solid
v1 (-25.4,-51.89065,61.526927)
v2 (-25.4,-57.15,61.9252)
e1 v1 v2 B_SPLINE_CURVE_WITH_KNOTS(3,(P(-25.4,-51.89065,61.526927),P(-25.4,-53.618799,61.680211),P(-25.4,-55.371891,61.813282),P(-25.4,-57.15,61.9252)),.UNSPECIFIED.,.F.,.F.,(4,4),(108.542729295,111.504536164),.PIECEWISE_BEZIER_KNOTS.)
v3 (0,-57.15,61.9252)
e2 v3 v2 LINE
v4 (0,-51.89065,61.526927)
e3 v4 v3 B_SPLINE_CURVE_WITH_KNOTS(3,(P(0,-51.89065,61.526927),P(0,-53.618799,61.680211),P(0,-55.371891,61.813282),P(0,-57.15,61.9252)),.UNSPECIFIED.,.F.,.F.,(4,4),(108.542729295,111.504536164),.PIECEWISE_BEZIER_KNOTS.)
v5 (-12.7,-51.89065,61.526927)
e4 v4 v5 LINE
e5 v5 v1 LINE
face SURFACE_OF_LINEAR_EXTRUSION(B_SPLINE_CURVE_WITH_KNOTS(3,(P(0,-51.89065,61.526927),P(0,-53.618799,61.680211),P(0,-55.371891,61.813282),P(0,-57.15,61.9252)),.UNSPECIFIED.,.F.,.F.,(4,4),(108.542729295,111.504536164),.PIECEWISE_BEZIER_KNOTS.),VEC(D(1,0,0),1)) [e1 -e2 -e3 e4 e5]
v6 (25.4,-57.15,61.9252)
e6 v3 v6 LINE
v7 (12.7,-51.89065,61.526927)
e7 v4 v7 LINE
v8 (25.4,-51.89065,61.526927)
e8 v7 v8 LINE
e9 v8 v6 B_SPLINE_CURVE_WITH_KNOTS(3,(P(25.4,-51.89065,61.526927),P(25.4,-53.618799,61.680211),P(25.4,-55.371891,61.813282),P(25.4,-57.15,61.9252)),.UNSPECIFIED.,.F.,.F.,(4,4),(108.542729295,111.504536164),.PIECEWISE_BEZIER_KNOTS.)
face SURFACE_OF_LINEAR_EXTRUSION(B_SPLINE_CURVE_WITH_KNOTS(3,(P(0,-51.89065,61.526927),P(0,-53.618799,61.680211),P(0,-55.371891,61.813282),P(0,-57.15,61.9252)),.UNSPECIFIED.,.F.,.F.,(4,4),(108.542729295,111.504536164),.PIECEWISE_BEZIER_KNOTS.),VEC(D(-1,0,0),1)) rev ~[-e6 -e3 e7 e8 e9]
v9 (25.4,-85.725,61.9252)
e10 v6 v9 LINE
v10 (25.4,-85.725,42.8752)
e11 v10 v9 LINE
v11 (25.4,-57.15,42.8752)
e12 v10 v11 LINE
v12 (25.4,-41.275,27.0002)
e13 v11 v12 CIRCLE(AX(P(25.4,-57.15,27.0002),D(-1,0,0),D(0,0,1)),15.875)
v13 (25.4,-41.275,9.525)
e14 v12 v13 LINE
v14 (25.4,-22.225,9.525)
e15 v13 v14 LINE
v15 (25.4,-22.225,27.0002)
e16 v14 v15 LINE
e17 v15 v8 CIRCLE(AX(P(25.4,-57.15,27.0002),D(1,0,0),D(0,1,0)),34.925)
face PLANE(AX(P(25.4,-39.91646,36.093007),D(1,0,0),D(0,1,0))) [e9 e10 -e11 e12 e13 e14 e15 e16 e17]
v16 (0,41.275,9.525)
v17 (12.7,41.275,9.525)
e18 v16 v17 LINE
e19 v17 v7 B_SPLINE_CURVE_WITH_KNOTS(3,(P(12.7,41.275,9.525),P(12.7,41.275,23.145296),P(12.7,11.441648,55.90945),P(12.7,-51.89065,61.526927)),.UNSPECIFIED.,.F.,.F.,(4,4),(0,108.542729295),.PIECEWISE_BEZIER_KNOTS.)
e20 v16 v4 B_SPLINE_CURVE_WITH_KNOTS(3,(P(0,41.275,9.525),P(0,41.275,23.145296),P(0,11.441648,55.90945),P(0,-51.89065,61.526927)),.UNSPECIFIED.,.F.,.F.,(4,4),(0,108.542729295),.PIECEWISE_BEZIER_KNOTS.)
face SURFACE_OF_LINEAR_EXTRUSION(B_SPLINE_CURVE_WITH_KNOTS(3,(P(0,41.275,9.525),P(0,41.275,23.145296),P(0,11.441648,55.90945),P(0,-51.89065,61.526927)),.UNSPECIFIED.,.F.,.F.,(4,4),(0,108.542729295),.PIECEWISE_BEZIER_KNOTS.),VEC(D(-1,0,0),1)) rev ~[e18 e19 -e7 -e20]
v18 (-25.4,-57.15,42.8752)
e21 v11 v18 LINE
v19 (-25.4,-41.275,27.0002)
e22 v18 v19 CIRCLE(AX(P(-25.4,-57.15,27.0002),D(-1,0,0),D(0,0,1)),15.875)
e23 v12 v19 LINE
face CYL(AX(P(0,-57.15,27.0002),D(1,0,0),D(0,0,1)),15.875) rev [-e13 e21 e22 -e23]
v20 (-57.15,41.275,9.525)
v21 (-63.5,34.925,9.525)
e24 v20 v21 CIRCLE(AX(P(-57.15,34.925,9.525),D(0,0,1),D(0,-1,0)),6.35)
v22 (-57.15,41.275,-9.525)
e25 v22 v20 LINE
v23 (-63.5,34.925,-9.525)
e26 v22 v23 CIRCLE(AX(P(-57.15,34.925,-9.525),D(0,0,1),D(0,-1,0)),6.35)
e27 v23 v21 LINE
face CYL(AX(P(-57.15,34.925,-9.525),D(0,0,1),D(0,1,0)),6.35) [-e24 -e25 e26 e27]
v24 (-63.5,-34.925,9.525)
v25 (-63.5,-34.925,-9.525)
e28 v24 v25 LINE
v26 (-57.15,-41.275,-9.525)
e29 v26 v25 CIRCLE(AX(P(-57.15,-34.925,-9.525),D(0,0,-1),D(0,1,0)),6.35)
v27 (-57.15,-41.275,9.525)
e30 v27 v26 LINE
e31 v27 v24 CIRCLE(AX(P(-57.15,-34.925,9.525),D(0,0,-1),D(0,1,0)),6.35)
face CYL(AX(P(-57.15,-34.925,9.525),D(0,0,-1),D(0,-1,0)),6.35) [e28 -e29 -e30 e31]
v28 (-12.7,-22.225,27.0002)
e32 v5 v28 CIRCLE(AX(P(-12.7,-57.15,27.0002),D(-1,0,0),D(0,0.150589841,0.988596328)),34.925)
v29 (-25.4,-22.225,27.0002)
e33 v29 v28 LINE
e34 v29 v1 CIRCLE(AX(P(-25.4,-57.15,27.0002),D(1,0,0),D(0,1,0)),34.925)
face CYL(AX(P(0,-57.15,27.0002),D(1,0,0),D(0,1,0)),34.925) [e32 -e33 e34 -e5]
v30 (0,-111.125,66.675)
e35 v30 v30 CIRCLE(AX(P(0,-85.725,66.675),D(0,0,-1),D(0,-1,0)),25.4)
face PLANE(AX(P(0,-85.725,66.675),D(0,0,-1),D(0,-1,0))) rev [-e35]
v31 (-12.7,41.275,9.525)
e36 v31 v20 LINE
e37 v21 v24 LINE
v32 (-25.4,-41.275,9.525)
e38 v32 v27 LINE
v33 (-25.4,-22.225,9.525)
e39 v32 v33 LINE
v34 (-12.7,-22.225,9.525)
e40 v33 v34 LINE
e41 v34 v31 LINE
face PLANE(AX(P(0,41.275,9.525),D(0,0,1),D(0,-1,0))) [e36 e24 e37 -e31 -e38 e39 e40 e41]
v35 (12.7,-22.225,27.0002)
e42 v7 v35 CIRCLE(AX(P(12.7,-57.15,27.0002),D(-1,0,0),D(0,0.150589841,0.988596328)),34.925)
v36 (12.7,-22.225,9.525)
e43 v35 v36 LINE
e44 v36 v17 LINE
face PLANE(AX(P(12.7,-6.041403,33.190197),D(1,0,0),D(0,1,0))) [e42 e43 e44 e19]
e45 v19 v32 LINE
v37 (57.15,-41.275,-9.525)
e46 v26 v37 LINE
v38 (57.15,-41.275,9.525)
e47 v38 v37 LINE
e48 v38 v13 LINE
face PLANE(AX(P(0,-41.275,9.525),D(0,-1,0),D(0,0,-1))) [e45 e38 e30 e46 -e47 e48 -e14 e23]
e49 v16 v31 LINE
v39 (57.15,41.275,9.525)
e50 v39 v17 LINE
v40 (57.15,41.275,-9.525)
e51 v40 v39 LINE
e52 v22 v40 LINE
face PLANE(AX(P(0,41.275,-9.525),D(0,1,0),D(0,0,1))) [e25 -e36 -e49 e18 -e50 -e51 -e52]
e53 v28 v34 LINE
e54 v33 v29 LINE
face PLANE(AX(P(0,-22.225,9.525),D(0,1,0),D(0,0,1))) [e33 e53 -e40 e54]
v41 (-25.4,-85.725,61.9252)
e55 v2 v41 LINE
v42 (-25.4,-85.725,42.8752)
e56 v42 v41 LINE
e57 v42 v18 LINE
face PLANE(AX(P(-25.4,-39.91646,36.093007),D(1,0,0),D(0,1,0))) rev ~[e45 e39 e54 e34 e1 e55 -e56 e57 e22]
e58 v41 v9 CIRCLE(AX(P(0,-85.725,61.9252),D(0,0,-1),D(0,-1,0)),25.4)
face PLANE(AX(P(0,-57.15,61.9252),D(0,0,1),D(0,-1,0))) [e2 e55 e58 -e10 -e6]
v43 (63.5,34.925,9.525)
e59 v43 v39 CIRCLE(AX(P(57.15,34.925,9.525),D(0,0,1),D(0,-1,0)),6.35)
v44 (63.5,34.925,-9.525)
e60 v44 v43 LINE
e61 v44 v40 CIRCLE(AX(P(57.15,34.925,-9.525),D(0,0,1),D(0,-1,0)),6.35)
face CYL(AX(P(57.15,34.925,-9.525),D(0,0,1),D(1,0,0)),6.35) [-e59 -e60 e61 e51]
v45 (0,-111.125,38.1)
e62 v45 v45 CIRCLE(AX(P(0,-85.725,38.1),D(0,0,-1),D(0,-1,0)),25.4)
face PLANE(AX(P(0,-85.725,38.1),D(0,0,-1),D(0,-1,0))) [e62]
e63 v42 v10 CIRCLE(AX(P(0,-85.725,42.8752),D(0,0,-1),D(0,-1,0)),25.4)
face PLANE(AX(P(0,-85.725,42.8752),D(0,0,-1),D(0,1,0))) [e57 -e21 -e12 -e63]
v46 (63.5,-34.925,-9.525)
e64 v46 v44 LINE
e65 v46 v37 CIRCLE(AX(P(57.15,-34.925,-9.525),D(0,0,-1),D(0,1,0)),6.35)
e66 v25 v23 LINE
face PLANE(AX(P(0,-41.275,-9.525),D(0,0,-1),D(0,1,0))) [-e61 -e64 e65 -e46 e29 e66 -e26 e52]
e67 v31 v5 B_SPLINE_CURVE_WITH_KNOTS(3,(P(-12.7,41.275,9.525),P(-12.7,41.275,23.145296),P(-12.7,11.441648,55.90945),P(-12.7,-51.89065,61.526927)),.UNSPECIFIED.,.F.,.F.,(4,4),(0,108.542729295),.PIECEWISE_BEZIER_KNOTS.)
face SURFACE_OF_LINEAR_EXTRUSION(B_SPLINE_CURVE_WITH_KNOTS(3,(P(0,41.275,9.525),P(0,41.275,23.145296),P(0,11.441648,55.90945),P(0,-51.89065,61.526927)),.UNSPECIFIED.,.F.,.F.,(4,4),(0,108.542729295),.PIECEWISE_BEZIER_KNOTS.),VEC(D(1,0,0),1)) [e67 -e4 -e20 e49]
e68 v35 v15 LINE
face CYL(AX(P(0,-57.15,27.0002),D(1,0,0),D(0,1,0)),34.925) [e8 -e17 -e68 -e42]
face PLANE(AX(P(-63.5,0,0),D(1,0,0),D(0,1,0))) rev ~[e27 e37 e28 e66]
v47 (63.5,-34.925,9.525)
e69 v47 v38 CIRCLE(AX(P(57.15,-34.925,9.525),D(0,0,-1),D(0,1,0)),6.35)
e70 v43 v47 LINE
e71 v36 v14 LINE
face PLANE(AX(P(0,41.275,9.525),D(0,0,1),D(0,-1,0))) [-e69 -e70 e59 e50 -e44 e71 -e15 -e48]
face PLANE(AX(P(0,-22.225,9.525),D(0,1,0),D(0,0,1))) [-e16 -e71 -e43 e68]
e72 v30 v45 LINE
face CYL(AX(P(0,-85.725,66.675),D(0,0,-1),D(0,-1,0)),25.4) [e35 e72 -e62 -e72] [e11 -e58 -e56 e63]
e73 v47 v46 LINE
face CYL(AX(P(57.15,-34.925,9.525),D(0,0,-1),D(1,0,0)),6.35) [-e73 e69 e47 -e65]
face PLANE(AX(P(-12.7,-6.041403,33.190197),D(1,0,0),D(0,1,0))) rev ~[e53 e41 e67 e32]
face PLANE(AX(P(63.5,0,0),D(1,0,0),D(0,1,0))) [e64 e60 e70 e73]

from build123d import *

# Parameters (mm, degrees)
F1_DEPTH = 63.5
F0_W     = 25.4
F0_H     = 19.05
F2_DEPTH = 25.4
F4_DEPTH = 12.7
F5_R     = 6.35


with BuildPart() as f1:
    # F0 (on Right) → F1 (new body, symmetric)
    with BuildSketch(Plane.YZ):
        Polygon((-41.275, 9.525), (-41.275, -9.525), (41.275, -9.525), (41.275, 9.525), (-22.225, 9.525), align=None)
    extrude(amount=F1_DEPTH, both=True)

    # F0 (on Right) → F2 (join, symmetric)
    with BuildSketch(Plane.YZ):
        with BuildLine():
            Line((-41.275, 27.0002), (-41.275, 9.525))
            Line((-41.275, 9.525), (-22.225, 9.525))
            Line((-22.225, 9.525), (-22.225, 27.0002))
            ThreePointArc((-22.225, 27.0002), (-30.6600167011, 49.7606132173), (-51.8906498109, 61.5269267575))
            add(Edge.make_bspline(
                [(-51.8906498109, 61.5269267575), (-53.6187990349, 61.680210909), (-55.3718909395, 61.8132821575), (-57.15, 61.9252)],
                knots=[108.5427292954, 108.5427292954, 108.5427292954, 108.5427292954, 111.5045361635, 111.5045361635, 111.5045361635, 111.5045361635], degree=3))
            Line((-57.15, 61.9252), (-60.325, 61.9252))
            Line((-60.325, 61.9252), (-60.325, 42.8752))
            Line((-60.325, 42.8752), (-57.15, 42.8752))
            ThreePointArc((-57.15, 42.8752), (-45.9246798487, 38.2255201513), (-41.275, 27.0002))
        make_face()
        with Locations((-73.025, 52.4002)):
            Rectangle(F0_W, F0_H)
    extrude(amount=F2_DEPTH, both=True)

    # F0 (on Right) → F3 (revolve)
    with BuildSketch(Plane.YZ):
        Polygon((-85.725, 38.1), (-85.725, 42.8752), (-85.725, 61.9252), (-85.725, 66.675), (-111.125, 66.675), (-111.125, 38.1), align=None)
    revolve(axis=Axis((0, -85.725, 52.3875), (0, 0, -1)))

    # F0 (on Right) → F4 (join, symmetric)
    with BuildSketch(Plane.YZ):
        with BuildLine():
            Line((-22.225, 9.525), (41.275, 9.525))
            add(Edge.make_bspline(
                [(41.275, 9.525), (41.275, 23.1452958025), (11.4416475843, 55.9094503662), (-51.8906498109, 61.5269267575)],
                knots=[0, 0, 0, 0, 108.5427292954, 108.5427292954, 108.5427292954, 108.5427292954], degree=3))
            ThreePointArc((-51.8906498109, 61.5269267575), (-30.6600167011, 49.7606132173), (-22.225, 27.0002))
            Line((-22.225, 27.0002), (-22.225, 9.525))
        make_face()
    extrude(amount=F4_DEPTH, both=True)

    # F5
    f5_edges = [f1.edges().sort_by_distance(p)[0] for p in [
        (-63.5, 41.275, 0),
        (-63.5, -41.275, 0),
        (63.5, 41.275, 0),
        (63.5, -41.275, 0),
    ]]
    fillet(f5_edges, radius=F5_R)


solid = f1.part
